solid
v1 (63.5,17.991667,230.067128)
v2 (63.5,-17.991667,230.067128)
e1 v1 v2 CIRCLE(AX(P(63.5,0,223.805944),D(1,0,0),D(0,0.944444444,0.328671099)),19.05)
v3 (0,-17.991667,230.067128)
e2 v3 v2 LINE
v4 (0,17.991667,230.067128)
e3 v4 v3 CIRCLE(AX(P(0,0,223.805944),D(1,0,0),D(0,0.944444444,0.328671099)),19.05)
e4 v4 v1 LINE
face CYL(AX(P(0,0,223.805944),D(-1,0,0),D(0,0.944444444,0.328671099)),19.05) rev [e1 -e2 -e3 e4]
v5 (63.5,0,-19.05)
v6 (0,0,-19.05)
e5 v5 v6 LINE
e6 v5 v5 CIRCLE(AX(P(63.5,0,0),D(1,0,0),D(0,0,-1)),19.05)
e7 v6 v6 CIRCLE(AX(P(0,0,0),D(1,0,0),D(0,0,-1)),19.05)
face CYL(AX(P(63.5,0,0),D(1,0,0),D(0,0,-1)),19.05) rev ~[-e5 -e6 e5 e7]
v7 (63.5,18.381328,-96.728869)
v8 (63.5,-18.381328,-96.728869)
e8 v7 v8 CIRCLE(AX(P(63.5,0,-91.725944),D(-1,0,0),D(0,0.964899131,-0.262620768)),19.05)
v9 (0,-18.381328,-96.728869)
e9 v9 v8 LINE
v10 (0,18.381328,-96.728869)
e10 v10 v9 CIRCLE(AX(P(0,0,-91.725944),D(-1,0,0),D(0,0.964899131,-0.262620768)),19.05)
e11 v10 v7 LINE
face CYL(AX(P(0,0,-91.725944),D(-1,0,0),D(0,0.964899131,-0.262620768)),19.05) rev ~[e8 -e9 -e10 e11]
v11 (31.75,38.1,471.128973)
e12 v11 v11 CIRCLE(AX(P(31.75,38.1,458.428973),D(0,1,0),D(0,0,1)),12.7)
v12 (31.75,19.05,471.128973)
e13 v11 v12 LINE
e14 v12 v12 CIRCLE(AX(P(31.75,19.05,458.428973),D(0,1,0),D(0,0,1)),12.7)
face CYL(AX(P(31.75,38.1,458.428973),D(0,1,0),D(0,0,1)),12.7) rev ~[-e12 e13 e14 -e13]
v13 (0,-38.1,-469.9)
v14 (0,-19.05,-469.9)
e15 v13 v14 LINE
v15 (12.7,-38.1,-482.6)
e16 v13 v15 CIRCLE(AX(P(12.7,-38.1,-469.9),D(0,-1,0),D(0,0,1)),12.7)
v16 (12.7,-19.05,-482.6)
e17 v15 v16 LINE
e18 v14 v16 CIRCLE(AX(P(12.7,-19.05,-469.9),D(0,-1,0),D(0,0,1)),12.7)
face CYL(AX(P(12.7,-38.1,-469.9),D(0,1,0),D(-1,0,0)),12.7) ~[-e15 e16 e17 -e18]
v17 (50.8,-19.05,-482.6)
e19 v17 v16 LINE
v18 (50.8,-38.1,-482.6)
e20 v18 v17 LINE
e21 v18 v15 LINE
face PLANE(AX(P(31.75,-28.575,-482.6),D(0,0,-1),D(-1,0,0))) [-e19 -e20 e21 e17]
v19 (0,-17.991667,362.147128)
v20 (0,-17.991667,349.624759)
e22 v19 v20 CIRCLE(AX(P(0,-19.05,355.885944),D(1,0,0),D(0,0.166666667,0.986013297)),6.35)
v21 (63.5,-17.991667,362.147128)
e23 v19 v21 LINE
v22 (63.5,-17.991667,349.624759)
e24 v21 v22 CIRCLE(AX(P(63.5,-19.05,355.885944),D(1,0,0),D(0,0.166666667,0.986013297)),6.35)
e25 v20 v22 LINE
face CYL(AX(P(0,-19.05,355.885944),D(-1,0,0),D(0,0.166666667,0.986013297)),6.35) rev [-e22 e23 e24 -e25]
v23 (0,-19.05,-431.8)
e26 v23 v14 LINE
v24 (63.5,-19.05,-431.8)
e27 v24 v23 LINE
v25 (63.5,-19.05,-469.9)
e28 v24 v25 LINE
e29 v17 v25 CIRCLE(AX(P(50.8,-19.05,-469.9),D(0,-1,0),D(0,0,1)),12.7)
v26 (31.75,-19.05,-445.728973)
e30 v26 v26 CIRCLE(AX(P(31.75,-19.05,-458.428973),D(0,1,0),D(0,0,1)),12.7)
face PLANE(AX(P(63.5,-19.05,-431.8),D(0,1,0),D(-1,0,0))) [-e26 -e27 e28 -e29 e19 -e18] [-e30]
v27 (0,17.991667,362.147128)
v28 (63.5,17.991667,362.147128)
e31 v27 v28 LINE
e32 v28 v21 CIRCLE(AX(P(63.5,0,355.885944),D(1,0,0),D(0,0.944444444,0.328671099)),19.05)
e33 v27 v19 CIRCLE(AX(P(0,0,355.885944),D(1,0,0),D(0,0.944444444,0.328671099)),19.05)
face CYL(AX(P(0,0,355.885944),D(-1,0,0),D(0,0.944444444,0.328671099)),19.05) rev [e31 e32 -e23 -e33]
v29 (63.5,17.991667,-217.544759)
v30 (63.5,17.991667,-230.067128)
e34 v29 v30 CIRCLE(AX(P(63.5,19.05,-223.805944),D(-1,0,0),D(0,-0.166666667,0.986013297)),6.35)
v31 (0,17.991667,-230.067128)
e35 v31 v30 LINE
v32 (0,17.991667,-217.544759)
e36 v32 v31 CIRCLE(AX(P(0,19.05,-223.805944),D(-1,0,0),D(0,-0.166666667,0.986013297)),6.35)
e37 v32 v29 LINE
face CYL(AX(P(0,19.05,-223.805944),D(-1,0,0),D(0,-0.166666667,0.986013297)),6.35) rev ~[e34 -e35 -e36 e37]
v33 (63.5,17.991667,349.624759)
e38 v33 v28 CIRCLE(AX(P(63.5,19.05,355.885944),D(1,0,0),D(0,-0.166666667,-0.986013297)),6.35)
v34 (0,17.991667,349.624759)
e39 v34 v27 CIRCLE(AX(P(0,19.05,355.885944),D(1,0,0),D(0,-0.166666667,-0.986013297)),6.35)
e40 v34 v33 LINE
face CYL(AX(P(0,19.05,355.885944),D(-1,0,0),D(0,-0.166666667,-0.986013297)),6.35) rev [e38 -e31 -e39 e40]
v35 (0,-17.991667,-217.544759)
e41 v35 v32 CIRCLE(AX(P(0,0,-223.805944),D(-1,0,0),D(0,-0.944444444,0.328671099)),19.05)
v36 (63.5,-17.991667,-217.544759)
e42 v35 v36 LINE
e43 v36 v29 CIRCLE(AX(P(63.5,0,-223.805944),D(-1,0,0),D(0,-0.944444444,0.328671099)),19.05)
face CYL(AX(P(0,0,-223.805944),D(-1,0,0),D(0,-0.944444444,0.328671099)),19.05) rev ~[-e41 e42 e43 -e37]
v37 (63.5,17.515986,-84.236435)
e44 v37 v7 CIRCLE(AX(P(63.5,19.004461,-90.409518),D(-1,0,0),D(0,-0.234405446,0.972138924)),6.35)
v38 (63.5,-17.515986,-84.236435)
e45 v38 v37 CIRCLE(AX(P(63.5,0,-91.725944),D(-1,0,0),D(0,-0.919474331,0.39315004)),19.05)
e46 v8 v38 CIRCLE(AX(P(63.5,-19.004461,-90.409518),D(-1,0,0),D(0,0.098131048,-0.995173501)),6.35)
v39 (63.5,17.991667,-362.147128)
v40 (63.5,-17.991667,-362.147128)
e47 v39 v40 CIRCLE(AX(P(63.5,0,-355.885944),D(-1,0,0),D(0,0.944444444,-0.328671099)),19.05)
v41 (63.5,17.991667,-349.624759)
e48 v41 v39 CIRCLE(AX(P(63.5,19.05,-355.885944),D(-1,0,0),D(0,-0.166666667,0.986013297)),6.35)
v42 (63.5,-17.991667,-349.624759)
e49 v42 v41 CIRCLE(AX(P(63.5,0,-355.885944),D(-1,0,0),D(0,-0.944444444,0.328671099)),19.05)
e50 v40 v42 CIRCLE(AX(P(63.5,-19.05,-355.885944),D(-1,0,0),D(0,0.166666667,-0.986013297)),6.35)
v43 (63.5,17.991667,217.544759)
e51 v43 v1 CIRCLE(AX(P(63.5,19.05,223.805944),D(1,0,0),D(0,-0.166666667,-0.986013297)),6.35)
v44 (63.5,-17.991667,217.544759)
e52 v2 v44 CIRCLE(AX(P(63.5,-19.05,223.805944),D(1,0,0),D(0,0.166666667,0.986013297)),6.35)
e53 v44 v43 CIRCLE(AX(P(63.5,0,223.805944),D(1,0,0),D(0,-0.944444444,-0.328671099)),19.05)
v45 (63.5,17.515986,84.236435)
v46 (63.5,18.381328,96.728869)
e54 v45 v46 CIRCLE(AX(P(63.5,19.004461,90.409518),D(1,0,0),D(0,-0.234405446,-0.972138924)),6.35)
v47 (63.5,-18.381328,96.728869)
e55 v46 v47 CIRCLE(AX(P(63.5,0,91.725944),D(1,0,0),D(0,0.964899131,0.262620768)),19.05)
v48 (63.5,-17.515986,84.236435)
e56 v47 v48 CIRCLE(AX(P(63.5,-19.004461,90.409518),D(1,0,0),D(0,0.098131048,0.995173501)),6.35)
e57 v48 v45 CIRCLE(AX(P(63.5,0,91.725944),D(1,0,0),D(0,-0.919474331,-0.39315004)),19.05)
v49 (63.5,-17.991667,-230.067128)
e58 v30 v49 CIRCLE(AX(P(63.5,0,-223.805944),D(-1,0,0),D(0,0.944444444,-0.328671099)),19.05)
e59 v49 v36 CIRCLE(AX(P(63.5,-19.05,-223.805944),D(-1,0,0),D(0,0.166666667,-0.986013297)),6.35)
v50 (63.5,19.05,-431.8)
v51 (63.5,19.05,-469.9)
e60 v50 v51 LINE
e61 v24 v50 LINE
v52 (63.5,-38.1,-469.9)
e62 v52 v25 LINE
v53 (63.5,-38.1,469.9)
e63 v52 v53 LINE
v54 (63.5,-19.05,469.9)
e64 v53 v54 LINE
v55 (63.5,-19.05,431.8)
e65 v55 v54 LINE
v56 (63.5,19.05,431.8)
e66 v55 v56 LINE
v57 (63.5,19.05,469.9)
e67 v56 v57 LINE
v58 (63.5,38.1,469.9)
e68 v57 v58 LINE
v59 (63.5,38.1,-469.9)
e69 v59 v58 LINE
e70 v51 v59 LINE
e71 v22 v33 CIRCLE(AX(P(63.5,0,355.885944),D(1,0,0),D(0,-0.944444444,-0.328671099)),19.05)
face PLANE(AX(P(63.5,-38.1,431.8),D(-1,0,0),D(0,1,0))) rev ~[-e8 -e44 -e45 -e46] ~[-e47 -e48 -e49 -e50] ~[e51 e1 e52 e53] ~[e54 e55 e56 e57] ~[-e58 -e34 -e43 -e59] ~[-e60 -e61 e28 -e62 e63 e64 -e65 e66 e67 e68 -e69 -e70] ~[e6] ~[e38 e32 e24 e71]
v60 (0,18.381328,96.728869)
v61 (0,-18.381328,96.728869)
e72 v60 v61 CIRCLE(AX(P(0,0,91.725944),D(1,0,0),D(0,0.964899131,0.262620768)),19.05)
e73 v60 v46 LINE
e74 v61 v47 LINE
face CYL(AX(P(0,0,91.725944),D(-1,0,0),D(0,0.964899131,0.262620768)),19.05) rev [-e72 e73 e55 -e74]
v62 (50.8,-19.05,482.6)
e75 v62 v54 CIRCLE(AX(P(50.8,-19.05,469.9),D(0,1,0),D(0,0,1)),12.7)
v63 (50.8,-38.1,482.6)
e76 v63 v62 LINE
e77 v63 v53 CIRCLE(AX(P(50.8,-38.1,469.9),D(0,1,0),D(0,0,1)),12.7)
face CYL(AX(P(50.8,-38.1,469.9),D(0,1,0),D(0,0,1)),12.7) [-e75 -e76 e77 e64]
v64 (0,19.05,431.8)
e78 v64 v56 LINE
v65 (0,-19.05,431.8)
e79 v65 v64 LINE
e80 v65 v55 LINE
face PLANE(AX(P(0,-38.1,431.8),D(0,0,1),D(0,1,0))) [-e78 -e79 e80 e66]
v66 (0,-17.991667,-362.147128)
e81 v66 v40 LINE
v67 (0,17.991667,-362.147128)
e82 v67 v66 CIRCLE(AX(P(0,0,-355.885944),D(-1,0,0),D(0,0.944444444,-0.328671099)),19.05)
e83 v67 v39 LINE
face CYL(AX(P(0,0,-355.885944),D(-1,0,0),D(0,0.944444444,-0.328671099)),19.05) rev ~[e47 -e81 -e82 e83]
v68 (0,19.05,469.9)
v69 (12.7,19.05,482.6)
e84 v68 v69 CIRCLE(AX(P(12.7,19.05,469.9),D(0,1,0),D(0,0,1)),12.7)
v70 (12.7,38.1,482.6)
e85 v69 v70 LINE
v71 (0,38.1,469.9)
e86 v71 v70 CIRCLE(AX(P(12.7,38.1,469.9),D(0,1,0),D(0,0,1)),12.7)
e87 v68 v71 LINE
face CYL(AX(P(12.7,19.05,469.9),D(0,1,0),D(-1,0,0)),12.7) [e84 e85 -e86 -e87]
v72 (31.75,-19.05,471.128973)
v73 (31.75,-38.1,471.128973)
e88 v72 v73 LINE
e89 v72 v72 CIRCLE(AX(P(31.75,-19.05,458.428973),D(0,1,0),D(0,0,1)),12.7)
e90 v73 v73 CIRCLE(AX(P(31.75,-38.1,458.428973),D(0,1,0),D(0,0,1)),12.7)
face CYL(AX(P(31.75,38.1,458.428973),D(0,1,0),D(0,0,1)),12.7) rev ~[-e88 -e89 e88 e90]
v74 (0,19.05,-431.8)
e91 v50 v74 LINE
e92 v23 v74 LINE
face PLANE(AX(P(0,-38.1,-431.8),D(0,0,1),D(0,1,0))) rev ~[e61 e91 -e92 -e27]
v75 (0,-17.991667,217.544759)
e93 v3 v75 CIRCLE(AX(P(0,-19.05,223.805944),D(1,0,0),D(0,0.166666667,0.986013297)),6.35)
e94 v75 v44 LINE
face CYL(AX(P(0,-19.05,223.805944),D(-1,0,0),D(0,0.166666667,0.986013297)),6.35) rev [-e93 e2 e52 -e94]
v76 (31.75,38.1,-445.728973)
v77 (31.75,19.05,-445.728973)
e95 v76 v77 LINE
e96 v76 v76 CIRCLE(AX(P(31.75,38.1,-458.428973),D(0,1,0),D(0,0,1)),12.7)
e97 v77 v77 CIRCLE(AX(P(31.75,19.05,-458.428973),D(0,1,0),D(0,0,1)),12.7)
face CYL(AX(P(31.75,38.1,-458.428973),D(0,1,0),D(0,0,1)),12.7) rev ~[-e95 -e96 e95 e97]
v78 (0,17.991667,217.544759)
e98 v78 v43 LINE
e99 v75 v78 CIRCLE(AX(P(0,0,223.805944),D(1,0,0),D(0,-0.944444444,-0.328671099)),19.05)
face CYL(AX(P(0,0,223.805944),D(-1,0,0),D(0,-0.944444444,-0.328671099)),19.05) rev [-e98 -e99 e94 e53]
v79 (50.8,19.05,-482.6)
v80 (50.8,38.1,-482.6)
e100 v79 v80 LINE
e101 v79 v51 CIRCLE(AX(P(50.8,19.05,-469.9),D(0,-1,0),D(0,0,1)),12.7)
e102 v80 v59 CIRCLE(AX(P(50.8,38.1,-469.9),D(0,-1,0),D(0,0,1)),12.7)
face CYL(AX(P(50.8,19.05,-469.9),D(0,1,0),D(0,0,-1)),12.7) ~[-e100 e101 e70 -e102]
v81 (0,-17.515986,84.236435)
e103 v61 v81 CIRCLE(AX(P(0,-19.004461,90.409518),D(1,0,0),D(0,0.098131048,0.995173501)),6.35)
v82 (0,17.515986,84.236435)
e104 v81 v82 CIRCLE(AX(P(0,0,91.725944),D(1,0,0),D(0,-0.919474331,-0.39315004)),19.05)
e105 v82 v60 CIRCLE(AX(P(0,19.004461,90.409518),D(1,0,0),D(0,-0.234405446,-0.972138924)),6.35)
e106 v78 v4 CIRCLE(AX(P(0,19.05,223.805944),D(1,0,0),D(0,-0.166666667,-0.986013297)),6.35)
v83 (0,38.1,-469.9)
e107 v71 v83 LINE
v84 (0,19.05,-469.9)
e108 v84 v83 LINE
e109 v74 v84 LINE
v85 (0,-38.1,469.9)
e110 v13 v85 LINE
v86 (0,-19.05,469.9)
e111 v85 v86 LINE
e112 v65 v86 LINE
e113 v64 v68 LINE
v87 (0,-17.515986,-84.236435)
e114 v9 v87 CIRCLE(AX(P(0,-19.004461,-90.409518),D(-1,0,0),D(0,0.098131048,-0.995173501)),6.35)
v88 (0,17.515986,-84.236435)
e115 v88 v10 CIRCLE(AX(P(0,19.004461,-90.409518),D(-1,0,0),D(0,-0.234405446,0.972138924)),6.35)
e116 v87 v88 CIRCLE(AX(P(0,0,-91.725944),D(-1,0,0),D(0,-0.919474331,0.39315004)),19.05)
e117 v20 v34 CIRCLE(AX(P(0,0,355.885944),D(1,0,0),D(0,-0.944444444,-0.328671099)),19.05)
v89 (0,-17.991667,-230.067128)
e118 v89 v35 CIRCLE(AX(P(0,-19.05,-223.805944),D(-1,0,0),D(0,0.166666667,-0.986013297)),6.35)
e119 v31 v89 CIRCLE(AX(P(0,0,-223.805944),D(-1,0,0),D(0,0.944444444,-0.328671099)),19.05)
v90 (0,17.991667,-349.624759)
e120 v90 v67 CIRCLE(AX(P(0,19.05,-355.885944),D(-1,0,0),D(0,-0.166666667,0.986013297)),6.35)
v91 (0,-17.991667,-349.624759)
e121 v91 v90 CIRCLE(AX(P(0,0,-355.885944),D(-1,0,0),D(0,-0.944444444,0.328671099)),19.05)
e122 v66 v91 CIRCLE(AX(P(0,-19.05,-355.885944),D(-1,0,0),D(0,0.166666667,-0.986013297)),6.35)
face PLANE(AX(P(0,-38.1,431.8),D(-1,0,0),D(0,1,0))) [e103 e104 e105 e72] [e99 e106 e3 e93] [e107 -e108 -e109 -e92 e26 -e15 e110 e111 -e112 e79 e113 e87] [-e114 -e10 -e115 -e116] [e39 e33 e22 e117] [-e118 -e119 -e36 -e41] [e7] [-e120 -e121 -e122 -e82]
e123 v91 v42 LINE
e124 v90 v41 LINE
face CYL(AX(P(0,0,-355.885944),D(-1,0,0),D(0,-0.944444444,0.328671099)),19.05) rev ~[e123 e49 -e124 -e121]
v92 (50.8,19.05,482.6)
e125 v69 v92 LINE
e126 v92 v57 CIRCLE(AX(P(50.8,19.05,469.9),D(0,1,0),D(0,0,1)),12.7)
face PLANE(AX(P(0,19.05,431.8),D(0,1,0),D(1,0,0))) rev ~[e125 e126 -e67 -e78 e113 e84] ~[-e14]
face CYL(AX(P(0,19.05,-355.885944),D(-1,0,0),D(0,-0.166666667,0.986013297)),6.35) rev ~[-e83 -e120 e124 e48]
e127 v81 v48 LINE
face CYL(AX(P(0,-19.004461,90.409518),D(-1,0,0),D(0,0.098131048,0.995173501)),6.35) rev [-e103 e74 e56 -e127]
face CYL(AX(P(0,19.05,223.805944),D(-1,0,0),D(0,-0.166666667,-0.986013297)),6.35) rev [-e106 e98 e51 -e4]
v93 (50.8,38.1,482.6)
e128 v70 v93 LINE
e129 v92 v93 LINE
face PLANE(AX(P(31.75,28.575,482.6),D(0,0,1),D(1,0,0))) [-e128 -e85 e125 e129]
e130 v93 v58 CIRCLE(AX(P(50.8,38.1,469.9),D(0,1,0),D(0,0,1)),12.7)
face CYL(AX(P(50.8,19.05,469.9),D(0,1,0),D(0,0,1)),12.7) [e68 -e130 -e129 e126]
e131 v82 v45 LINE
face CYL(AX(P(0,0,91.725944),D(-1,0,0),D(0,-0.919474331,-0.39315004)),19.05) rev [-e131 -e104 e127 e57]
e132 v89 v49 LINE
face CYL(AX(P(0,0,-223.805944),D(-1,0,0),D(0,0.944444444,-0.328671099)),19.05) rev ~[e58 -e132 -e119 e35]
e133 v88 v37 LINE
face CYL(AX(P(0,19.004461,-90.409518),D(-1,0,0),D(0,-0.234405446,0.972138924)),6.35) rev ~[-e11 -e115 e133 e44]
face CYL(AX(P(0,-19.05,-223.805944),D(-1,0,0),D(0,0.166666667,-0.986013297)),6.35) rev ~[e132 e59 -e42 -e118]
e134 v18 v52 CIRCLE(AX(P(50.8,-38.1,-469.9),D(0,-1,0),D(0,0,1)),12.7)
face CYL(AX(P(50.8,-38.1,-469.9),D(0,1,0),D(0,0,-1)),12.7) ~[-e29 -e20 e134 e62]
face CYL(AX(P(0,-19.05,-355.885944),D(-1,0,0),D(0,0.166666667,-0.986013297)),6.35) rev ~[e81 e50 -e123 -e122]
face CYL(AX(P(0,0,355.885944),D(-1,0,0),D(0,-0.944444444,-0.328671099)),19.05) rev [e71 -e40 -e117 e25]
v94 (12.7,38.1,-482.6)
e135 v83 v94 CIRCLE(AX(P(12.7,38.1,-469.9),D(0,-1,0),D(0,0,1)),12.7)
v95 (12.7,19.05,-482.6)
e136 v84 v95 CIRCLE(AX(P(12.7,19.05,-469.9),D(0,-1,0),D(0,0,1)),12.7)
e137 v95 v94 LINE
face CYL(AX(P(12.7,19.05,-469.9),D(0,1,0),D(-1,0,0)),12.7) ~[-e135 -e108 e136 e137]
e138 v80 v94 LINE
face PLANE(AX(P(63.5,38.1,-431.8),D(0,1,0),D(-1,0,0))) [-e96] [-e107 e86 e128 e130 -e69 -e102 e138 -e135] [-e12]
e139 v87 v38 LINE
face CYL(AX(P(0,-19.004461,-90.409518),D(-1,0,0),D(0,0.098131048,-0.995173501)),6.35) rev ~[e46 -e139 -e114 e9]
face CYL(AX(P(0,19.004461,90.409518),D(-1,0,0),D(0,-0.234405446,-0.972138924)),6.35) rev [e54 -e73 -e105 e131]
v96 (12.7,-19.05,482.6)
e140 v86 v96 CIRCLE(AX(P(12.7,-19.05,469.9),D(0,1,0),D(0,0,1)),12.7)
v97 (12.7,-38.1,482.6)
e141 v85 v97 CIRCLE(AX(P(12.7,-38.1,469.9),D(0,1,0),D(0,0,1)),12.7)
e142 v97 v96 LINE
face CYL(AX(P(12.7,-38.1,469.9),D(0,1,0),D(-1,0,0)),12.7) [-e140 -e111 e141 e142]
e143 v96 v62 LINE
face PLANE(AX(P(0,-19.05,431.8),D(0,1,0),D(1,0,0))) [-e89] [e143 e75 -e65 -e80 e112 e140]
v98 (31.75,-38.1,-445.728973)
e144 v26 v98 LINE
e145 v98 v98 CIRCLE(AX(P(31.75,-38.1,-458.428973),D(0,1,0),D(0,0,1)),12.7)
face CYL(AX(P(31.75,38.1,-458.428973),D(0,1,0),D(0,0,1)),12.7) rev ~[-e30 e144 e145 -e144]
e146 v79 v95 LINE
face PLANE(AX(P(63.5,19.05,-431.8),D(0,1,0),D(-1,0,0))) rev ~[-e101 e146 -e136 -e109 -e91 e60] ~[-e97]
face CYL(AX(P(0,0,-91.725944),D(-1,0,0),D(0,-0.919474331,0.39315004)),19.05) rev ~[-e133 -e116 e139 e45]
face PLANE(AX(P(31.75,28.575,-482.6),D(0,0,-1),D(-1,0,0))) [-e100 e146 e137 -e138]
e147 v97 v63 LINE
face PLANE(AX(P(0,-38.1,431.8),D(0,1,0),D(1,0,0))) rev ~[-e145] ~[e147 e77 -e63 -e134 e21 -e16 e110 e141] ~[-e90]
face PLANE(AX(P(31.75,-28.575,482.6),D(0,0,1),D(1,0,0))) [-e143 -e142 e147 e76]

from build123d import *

# Parameters (mm, degrees)
SKETCH1_W           = 863.6
SKETCH1_H           = 76.2
BOSS_EXTRUDE1_DEPTH = 63.5
SKETCH2_R           = 19.05
CUT_EXTRUDE1_DEPTH  = 63.5
SKETCH3_W           = 63.5
SKETCH3_H           = 19.05
BOSS_EXTRUDE2_DEPTH = 50.8
SKETCH4_W           = 63.5
SKETCH4_H           = 19.05
BOSS_EXTRUDE3_DEPTH = 50.8
SKETCH5_R           = 12.7
CUT_EXTRUDE2_DEPTH  = 221.742
FILLET1_R           = 12.7


with BuildPart() as part:
    # Sketch1 → Boss-Extrude1 (new body)
    with BuildSketch(Plane(origin=(0, 0, 0), x_dir=(0, 0, -1), z_dir=(1, 0, 0))):
        Rectangle(SKETCH1_W, SKETCH1_H)
        with BuildLine():
            ThreePointArc((-362.147128046, 17.991666667), (-374.935943609, 0), (-362.147128046, -17.991666667))
            ThreePointArc((-362.147128046, -17.991666667), (-355.885943609, -25.4), (-349.624759172, -17.991666667))
            ThreePointArc((-349.624759172, -17.991666667), (-336.835943609, 0), (-349.624759172, 17.991666667))
            ThreePointArc((-349.624759172, 17.991666667), (-355.885943609, 25.4), (-362.147128046, 17.991666667))
        make_face(mode=Mode.SUBTRACT)
        with BuildLine():
            ThreePointArc((-230.067128046, 17.991666667), (-242.855943609, 0), (-230.067128046, -17.991666667))
            ThreePointArc((-230.067128046, -17.991666667), (-223.805943609, -25.4), (-217.544759172, -17.991666667))
            ThreePointArc((-217.544759172, -17.991666667), (-204.755943609, 0), (-217.544759172, 17.991666667))
            ThreePointArc((-217.544759172, 17.991666667), (-223.805943609, 25.4), (-230.067128046, 17.991666667))
        make_face(mode=Mode.SUBTRACT)
        with BuildLine():
            ThreePointArc((-96.728869239, 18.381328438), (-110.775943609, 0), (-96.728869239, -18.381328438))
            ThreePointArc((-96.728869239, -18.381328438), (-89.970708805, -25.339280787), (-84.23643534, -17.51598601))
            ThreePointArc((-84.23643534, -17.51598601), (-72.675943609, 0), (-84.23643534, 17.51598601))
            ThreePointArc((-84.23643534, 17.51598601), (-89.970708805, 25.339280787), (-96.728869239, 18.381328438))
        make_face(mode=Mode.SUBTRACT)
        with BuildLine():
            ThreePointArc((84.23643534, -17.51598601), (72.675943609, 0), (84.23643534, 17.51598601))
            ThreePointArc((84.23643534, 17.51598601), (89.970708805, 25.339280787), (96.728869239, 18.381328438))
            ThreePointArc((96.728869239, 18.381328438), (110.775943609, 0), (96.728869239, -18.381328438))
            ThreePointArc((96.728869239, -18.381328438), (89.970708805, -25.339280787), (84.23643534, -17.51598601))
        make_face(mode=Mode.SUBTRACT)
        with BuildLine():
            ThreePointArc((217.544759172, -17.991666667), (204.755943609, 0), (217.544759172, 17.991666667))
            ThreePointArc((217.544759172, 17.991666667), (223.805943609, 25.4), (230.067128046, 17.991666667))
            ThreePointArc((230.067128046, 17.991666667), (242.855943609, 0), (230.067128046, -17.991666667))
            ThreePointArc((230.067128046, -17.991666667), (223.805943609, -25.4), (217.544759172, -17.991666667))
        make_face(mode=Mode.SUBTRACT)
        with BuildLine():
            ThreePointArc((349.624759172, -17.991666667), (336.835943609, 0), (349.624759172, 17.991666667))
            ThreePointArc((349.624759172, 17.991666667), (355.885943609, 25.4), (362.147128046, 17.991666667))
            ThreePointArc((362.147128046, 17.991666667), (374.935943609, 0), (362.147128046, -17.991666667))
            ThreePointArc((362.147128046, -17.991666667), (355.885943609, -25.4), (349.624759172, -17.991666667))
        make_face(mode=Mode.SUBTRACT)
    extrude(amount=BOSS_EXTRUDE1_DEPTH)

    # Sketch2 → Cut-Extrude1 (cut)
    with BuildSketch(Plane(origin=(63.5, 0, 0), x_dir=(0, 0, -1), z_dir=(1, 0, 0))):
        Circle(SKETCH2_R)
    extrude(amount=-CUT_EXTRUDE1_DEPTH, mode=Mode.SUBTRACT)

    # Sketch3 → Boss-Extrude2 (add)
    with BuildSketch(Plane(origin=(0, 0, -431.8), x_dir=(-1, 0, 0), z_dir=(0, 0, -1))):
        with Locations((-31.75, 28.575)):
            Rectangle(SKETCH3_W, SKETCH3_H)
        with Locations((-31.75, -28.575)):
            Rectangle(SKETCH3_W, SKETCH3_H)
    extrude(amount=BOSS_EXTRUDE2_DEPTH)

    # Sketch4 → Boss-Extrude3 (add)
    with BuildSketch(Plane.XY.offset(431.8)):
        with Locations((31.75, -28.575)):
            Rectangle(SKETCH4_W, SKETCH4_H)
        with Locations((31.75, 28.575)):
            Rectangle(SKETCH4_W, SKETCH4_H)
    extrude(amount=BOSS_EXTRUDE3_DEPTH)

    # Sketch5 → Cut-Extrude2 (cut)
    with BuildSketch(Plane(origin=(0, 38.1, 0), x_dir=(1, 0, 0), z_dir=(0, 1, 0))):
        with Locations(Location((31.75, 458.42897264, 0), (0, 0, 270))):
            Circle(SKETCH5_R)
        with Locations(Location((31.75, -458.42897264, 0), (0, 0, 270))):
            Circle(SKETCH5_R)
    extrude(amount=-CUT_EXTRUDE2_DEPTH, mode=Mode.SUBTRACT)

    # Fillet1
    fillet1_edges = [part.edges().sort_by_distance(p)[0] for p in [
        (0, -28.575, -482.6),
        (63.5, -28.575, -482.6),
        (63.5, 28.575, -482.6),
        (0, 28.575, -482.6),
        (0, 28.575, 482.6),
        (63.5, 28.575, 482.6),
        (63.5, -28.575, 482.6),
        (0, -28.575, 482.6),
    ]]
    fillet(fillet1_edges, radius=FILLET1_R)


solid = part.part
